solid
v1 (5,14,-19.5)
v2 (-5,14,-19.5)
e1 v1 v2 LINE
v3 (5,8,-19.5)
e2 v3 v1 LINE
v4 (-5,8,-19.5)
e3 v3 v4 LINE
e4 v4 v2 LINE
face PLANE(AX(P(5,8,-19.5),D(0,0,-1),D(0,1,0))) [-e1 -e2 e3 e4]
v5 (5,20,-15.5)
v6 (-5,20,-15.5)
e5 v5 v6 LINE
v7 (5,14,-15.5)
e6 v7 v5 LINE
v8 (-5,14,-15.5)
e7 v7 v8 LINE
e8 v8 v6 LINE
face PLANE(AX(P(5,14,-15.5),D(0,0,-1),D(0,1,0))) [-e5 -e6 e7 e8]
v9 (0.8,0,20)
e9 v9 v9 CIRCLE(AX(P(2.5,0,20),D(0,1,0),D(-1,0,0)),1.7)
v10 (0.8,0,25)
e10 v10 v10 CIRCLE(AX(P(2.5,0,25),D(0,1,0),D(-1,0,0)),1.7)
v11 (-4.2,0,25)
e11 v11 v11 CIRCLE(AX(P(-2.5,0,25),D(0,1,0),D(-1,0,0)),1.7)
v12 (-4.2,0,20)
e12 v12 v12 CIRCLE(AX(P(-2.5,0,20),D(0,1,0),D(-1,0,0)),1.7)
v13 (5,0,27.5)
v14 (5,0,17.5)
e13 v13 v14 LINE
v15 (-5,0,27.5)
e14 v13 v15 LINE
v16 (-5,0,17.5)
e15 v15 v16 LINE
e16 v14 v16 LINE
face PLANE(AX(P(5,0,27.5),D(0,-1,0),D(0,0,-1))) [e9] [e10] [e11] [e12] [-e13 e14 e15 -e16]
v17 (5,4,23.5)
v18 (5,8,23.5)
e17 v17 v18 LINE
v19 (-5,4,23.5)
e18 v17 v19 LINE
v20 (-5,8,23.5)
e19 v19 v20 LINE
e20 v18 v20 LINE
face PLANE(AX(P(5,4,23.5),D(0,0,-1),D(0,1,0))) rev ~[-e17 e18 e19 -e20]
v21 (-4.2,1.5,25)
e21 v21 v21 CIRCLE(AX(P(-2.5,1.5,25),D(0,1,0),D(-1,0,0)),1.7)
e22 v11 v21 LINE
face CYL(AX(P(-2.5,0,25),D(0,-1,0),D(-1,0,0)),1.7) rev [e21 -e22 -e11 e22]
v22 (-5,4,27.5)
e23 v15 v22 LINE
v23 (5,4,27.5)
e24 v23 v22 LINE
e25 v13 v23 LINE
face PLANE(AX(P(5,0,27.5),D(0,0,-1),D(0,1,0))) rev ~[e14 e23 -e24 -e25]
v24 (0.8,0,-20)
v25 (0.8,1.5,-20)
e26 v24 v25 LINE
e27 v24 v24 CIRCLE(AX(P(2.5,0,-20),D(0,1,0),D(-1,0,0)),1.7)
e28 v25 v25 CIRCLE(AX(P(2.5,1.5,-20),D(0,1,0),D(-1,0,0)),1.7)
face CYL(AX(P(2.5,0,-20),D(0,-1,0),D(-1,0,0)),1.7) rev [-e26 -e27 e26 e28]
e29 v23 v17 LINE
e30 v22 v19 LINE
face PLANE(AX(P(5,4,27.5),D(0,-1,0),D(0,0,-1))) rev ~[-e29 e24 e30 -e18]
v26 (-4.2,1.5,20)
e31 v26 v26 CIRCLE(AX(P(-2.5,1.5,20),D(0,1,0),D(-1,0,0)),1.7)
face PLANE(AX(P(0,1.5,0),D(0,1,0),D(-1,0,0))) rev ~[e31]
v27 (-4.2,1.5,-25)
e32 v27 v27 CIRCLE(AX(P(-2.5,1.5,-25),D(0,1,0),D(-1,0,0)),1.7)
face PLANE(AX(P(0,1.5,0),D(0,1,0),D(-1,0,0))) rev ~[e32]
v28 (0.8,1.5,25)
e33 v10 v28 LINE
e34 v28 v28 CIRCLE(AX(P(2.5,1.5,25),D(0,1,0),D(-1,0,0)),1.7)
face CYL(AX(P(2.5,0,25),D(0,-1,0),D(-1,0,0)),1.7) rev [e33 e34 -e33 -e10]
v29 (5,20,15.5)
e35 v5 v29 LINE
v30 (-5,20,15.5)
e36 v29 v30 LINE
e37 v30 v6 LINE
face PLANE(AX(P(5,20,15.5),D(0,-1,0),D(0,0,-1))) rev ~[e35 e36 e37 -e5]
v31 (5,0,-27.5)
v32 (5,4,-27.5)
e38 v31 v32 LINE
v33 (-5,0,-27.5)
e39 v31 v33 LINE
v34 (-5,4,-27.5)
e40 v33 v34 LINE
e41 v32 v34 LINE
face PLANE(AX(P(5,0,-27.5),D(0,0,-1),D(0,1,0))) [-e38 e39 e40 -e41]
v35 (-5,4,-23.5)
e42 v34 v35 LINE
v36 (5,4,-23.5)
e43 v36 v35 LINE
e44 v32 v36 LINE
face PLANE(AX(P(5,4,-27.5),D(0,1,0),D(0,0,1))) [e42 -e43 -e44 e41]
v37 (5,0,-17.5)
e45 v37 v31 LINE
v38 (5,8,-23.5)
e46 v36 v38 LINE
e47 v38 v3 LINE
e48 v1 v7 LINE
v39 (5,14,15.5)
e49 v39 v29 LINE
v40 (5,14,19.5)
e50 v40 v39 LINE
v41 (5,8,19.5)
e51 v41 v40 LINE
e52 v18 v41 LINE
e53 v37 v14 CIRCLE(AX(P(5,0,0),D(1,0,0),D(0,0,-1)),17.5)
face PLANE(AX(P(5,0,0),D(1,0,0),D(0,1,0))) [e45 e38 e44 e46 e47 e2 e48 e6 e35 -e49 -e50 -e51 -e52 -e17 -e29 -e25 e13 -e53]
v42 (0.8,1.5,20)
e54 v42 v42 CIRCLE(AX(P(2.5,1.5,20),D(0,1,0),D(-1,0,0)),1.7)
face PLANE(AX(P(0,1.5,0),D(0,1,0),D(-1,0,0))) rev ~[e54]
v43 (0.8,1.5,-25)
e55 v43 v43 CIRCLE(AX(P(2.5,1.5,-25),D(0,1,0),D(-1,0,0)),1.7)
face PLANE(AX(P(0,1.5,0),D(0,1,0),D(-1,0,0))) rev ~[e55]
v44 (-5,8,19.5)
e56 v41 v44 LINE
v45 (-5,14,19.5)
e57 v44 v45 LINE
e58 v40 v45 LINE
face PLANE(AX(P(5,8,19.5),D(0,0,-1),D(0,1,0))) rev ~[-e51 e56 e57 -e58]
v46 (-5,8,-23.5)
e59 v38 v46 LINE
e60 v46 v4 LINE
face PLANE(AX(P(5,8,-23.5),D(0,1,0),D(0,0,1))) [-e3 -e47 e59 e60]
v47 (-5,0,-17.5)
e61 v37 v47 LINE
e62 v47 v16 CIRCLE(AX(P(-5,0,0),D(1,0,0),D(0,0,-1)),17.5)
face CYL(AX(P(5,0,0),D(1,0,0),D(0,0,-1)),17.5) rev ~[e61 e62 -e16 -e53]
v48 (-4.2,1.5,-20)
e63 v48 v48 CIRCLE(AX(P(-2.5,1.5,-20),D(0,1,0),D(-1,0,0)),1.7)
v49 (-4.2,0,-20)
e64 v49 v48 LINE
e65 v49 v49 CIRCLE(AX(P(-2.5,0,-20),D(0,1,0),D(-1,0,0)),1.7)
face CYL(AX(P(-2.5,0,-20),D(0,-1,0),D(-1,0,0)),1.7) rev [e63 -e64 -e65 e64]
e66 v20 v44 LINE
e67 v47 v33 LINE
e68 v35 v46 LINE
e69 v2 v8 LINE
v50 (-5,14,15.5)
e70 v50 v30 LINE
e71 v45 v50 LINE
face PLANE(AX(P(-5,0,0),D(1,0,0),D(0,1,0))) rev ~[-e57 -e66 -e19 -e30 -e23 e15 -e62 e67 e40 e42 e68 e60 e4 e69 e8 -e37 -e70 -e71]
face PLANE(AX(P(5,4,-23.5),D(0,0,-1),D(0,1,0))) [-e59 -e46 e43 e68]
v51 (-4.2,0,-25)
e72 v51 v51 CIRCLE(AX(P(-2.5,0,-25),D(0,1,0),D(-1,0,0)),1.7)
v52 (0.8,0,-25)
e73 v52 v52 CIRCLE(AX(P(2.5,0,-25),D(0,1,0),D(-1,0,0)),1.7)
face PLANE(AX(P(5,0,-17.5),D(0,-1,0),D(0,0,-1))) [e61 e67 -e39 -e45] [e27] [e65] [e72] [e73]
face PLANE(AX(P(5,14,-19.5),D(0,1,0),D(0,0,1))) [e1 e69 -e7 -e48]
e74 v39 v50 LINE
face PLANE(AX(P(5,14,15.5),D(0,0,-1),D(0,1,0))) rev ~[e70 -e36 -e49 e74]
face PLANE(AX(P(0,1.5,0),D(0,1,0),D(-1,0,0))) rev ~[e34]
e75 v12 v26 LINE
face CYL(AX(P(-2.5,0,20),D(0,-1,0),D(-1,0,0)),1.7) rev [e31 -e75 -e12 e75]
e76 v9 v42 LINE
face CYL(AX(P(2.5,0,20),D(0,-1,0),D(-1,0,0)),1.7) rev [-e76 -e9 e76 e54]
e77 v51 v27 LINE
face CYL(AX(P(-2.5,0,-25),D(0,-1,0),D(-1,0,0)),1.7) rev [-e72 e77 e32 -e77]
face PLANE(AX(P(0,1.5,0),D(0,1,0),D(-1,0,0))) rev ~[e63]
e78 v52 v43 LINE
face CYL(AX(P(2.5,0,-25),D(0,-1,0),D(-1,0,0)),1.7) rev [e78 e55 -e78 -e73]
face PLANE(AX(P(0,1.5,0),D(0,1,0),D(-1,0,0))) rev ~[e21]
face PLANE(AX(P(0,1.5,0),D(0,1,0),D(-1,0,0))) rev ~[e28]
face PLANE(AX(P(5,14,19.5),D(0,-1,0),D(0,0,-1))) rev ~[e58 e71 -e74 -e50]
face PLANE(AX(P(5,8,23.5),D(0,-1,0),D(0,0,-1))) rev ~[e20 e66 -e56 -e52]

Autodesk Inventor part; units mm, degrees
ref_plane "XZ Plane" through (0, 0, 0) normal (0, 1, 0) x (-1, 0, 0)
ref_plane "XY Plane" through (0, 0, 0) normal (0, 0, 1) x (1, 0, 0)
sketch "草圖1" plane through (0, 0, 0) normal (0, 1, 0) x (-1, 0, 0)
  line L0 (5, 27.5) -> (-5, 27.5)
  line L1 (-5, 27.5) -> (-5, -27.5)
  line L2 (-5, -27.5) -> (5, -27.5)
  line L3 (5, -27.5) -> (5, 27.5)
  circle A0 centre (2.5, 25) radius 1.7
  circle A1 centre (2.5, 20) radius 1.7
  circle A2 centre (-2.5, 25) radius 1.7
  circle A3 centre (-2.5, 20) radius 1.7
  line L4 (5, 17.5) -> (-5, 17.5)
  line L5 (5, 0) -> (-5, 0) construction
  circle A4 centre (2.5, -25) radius 1.7
  circle A5 centre (2.5, -20) radius 1.7
  circle A6 centre (-2.5, -25) radius 1.7
  circle A7 centre (-2.5, -20) radius 1.7
  line L6 (5, -17.5) -> (-5, -17.5)
  point P0 (0, 0)
  point P1 (0, -27.5)
  dimension "d0" = 10
  dimension "d1" = 55
  dimension "d2" = 3.4
  dimension "d3" = 2.5
  dimension "d4" = 2.5
  dimension "d7" = 5
  dimension "d10" = 5
  dimension "d13" = 2.5
ref_plane "工作平面1" through (5, 0, 0) normal (1, 0, 0) x (0, 1, 0)
sketch "草圖2" plane through (5, 0, 0) normal (1, 0, 0) x (0, 1, 0)
  line L0 (0, 27.5) -> (0, -27.5) projected
  arc A0 (0, -17.5) -> (0, 17.5) centre (0, 0) ccw
  line L1 (0, 27.5) -> (4, 27.5)
  line L2 (4, 27.5) -> (4, 23.5)
  line L3 (4, 23.5) -> (8, 23.5)
  line L4 (8, 23.5) -> (8, 19.5)
  line L5 (8, 19.5) -> (14, 19.5)
  line L6 (14, 19.5) -> (14, 15.5)
  line L7 (14, 15.5) -> (20, 15.5)
  line L8 (20, 15.5) -> (20, 0)
  line L9 (17.5, 0) -> (0, 0) construction
  line L10 (0, -27.5) -> (4, -27.5)
  line L11 (4, -27.5) -> (4, -23.5)
  line L12 (4, -23.5) -> (8, -23.5)
  line L13 (8, -23.5) -> (8, -19.5)
  line L14 (8, -19.5) -> (14, -19.5)
  line L15 (14, -19.5) -> (14, -15.5)
  line L16 (14, -15.5) -> (20, -15.5)
  line L17 (20, -15.5) -> (20, 0)
  dimension "d14" = 4
  dimension "d15" = 4
  dimension "d16" = 4
  dimension "d17" = 4
  dimension "d18" = 6
  dimension "d19" = 4
  dimension "d21" = 6
extrude "擠出1" add sketch "草圖2" against normal blind 10 contours L1 L2 L3 L4 L5 L6 L7 L8 L17 L16 L15 L14 L13 L12 L11 L10 L0 A0
extrude "擠出2" cut sketch "草圖1" along normal blind 1.5 contours A0 | A1 | A2 | A3 | A4 | A5 | A6 | A7
properties part number "110033226_ipt_03_小橋"
